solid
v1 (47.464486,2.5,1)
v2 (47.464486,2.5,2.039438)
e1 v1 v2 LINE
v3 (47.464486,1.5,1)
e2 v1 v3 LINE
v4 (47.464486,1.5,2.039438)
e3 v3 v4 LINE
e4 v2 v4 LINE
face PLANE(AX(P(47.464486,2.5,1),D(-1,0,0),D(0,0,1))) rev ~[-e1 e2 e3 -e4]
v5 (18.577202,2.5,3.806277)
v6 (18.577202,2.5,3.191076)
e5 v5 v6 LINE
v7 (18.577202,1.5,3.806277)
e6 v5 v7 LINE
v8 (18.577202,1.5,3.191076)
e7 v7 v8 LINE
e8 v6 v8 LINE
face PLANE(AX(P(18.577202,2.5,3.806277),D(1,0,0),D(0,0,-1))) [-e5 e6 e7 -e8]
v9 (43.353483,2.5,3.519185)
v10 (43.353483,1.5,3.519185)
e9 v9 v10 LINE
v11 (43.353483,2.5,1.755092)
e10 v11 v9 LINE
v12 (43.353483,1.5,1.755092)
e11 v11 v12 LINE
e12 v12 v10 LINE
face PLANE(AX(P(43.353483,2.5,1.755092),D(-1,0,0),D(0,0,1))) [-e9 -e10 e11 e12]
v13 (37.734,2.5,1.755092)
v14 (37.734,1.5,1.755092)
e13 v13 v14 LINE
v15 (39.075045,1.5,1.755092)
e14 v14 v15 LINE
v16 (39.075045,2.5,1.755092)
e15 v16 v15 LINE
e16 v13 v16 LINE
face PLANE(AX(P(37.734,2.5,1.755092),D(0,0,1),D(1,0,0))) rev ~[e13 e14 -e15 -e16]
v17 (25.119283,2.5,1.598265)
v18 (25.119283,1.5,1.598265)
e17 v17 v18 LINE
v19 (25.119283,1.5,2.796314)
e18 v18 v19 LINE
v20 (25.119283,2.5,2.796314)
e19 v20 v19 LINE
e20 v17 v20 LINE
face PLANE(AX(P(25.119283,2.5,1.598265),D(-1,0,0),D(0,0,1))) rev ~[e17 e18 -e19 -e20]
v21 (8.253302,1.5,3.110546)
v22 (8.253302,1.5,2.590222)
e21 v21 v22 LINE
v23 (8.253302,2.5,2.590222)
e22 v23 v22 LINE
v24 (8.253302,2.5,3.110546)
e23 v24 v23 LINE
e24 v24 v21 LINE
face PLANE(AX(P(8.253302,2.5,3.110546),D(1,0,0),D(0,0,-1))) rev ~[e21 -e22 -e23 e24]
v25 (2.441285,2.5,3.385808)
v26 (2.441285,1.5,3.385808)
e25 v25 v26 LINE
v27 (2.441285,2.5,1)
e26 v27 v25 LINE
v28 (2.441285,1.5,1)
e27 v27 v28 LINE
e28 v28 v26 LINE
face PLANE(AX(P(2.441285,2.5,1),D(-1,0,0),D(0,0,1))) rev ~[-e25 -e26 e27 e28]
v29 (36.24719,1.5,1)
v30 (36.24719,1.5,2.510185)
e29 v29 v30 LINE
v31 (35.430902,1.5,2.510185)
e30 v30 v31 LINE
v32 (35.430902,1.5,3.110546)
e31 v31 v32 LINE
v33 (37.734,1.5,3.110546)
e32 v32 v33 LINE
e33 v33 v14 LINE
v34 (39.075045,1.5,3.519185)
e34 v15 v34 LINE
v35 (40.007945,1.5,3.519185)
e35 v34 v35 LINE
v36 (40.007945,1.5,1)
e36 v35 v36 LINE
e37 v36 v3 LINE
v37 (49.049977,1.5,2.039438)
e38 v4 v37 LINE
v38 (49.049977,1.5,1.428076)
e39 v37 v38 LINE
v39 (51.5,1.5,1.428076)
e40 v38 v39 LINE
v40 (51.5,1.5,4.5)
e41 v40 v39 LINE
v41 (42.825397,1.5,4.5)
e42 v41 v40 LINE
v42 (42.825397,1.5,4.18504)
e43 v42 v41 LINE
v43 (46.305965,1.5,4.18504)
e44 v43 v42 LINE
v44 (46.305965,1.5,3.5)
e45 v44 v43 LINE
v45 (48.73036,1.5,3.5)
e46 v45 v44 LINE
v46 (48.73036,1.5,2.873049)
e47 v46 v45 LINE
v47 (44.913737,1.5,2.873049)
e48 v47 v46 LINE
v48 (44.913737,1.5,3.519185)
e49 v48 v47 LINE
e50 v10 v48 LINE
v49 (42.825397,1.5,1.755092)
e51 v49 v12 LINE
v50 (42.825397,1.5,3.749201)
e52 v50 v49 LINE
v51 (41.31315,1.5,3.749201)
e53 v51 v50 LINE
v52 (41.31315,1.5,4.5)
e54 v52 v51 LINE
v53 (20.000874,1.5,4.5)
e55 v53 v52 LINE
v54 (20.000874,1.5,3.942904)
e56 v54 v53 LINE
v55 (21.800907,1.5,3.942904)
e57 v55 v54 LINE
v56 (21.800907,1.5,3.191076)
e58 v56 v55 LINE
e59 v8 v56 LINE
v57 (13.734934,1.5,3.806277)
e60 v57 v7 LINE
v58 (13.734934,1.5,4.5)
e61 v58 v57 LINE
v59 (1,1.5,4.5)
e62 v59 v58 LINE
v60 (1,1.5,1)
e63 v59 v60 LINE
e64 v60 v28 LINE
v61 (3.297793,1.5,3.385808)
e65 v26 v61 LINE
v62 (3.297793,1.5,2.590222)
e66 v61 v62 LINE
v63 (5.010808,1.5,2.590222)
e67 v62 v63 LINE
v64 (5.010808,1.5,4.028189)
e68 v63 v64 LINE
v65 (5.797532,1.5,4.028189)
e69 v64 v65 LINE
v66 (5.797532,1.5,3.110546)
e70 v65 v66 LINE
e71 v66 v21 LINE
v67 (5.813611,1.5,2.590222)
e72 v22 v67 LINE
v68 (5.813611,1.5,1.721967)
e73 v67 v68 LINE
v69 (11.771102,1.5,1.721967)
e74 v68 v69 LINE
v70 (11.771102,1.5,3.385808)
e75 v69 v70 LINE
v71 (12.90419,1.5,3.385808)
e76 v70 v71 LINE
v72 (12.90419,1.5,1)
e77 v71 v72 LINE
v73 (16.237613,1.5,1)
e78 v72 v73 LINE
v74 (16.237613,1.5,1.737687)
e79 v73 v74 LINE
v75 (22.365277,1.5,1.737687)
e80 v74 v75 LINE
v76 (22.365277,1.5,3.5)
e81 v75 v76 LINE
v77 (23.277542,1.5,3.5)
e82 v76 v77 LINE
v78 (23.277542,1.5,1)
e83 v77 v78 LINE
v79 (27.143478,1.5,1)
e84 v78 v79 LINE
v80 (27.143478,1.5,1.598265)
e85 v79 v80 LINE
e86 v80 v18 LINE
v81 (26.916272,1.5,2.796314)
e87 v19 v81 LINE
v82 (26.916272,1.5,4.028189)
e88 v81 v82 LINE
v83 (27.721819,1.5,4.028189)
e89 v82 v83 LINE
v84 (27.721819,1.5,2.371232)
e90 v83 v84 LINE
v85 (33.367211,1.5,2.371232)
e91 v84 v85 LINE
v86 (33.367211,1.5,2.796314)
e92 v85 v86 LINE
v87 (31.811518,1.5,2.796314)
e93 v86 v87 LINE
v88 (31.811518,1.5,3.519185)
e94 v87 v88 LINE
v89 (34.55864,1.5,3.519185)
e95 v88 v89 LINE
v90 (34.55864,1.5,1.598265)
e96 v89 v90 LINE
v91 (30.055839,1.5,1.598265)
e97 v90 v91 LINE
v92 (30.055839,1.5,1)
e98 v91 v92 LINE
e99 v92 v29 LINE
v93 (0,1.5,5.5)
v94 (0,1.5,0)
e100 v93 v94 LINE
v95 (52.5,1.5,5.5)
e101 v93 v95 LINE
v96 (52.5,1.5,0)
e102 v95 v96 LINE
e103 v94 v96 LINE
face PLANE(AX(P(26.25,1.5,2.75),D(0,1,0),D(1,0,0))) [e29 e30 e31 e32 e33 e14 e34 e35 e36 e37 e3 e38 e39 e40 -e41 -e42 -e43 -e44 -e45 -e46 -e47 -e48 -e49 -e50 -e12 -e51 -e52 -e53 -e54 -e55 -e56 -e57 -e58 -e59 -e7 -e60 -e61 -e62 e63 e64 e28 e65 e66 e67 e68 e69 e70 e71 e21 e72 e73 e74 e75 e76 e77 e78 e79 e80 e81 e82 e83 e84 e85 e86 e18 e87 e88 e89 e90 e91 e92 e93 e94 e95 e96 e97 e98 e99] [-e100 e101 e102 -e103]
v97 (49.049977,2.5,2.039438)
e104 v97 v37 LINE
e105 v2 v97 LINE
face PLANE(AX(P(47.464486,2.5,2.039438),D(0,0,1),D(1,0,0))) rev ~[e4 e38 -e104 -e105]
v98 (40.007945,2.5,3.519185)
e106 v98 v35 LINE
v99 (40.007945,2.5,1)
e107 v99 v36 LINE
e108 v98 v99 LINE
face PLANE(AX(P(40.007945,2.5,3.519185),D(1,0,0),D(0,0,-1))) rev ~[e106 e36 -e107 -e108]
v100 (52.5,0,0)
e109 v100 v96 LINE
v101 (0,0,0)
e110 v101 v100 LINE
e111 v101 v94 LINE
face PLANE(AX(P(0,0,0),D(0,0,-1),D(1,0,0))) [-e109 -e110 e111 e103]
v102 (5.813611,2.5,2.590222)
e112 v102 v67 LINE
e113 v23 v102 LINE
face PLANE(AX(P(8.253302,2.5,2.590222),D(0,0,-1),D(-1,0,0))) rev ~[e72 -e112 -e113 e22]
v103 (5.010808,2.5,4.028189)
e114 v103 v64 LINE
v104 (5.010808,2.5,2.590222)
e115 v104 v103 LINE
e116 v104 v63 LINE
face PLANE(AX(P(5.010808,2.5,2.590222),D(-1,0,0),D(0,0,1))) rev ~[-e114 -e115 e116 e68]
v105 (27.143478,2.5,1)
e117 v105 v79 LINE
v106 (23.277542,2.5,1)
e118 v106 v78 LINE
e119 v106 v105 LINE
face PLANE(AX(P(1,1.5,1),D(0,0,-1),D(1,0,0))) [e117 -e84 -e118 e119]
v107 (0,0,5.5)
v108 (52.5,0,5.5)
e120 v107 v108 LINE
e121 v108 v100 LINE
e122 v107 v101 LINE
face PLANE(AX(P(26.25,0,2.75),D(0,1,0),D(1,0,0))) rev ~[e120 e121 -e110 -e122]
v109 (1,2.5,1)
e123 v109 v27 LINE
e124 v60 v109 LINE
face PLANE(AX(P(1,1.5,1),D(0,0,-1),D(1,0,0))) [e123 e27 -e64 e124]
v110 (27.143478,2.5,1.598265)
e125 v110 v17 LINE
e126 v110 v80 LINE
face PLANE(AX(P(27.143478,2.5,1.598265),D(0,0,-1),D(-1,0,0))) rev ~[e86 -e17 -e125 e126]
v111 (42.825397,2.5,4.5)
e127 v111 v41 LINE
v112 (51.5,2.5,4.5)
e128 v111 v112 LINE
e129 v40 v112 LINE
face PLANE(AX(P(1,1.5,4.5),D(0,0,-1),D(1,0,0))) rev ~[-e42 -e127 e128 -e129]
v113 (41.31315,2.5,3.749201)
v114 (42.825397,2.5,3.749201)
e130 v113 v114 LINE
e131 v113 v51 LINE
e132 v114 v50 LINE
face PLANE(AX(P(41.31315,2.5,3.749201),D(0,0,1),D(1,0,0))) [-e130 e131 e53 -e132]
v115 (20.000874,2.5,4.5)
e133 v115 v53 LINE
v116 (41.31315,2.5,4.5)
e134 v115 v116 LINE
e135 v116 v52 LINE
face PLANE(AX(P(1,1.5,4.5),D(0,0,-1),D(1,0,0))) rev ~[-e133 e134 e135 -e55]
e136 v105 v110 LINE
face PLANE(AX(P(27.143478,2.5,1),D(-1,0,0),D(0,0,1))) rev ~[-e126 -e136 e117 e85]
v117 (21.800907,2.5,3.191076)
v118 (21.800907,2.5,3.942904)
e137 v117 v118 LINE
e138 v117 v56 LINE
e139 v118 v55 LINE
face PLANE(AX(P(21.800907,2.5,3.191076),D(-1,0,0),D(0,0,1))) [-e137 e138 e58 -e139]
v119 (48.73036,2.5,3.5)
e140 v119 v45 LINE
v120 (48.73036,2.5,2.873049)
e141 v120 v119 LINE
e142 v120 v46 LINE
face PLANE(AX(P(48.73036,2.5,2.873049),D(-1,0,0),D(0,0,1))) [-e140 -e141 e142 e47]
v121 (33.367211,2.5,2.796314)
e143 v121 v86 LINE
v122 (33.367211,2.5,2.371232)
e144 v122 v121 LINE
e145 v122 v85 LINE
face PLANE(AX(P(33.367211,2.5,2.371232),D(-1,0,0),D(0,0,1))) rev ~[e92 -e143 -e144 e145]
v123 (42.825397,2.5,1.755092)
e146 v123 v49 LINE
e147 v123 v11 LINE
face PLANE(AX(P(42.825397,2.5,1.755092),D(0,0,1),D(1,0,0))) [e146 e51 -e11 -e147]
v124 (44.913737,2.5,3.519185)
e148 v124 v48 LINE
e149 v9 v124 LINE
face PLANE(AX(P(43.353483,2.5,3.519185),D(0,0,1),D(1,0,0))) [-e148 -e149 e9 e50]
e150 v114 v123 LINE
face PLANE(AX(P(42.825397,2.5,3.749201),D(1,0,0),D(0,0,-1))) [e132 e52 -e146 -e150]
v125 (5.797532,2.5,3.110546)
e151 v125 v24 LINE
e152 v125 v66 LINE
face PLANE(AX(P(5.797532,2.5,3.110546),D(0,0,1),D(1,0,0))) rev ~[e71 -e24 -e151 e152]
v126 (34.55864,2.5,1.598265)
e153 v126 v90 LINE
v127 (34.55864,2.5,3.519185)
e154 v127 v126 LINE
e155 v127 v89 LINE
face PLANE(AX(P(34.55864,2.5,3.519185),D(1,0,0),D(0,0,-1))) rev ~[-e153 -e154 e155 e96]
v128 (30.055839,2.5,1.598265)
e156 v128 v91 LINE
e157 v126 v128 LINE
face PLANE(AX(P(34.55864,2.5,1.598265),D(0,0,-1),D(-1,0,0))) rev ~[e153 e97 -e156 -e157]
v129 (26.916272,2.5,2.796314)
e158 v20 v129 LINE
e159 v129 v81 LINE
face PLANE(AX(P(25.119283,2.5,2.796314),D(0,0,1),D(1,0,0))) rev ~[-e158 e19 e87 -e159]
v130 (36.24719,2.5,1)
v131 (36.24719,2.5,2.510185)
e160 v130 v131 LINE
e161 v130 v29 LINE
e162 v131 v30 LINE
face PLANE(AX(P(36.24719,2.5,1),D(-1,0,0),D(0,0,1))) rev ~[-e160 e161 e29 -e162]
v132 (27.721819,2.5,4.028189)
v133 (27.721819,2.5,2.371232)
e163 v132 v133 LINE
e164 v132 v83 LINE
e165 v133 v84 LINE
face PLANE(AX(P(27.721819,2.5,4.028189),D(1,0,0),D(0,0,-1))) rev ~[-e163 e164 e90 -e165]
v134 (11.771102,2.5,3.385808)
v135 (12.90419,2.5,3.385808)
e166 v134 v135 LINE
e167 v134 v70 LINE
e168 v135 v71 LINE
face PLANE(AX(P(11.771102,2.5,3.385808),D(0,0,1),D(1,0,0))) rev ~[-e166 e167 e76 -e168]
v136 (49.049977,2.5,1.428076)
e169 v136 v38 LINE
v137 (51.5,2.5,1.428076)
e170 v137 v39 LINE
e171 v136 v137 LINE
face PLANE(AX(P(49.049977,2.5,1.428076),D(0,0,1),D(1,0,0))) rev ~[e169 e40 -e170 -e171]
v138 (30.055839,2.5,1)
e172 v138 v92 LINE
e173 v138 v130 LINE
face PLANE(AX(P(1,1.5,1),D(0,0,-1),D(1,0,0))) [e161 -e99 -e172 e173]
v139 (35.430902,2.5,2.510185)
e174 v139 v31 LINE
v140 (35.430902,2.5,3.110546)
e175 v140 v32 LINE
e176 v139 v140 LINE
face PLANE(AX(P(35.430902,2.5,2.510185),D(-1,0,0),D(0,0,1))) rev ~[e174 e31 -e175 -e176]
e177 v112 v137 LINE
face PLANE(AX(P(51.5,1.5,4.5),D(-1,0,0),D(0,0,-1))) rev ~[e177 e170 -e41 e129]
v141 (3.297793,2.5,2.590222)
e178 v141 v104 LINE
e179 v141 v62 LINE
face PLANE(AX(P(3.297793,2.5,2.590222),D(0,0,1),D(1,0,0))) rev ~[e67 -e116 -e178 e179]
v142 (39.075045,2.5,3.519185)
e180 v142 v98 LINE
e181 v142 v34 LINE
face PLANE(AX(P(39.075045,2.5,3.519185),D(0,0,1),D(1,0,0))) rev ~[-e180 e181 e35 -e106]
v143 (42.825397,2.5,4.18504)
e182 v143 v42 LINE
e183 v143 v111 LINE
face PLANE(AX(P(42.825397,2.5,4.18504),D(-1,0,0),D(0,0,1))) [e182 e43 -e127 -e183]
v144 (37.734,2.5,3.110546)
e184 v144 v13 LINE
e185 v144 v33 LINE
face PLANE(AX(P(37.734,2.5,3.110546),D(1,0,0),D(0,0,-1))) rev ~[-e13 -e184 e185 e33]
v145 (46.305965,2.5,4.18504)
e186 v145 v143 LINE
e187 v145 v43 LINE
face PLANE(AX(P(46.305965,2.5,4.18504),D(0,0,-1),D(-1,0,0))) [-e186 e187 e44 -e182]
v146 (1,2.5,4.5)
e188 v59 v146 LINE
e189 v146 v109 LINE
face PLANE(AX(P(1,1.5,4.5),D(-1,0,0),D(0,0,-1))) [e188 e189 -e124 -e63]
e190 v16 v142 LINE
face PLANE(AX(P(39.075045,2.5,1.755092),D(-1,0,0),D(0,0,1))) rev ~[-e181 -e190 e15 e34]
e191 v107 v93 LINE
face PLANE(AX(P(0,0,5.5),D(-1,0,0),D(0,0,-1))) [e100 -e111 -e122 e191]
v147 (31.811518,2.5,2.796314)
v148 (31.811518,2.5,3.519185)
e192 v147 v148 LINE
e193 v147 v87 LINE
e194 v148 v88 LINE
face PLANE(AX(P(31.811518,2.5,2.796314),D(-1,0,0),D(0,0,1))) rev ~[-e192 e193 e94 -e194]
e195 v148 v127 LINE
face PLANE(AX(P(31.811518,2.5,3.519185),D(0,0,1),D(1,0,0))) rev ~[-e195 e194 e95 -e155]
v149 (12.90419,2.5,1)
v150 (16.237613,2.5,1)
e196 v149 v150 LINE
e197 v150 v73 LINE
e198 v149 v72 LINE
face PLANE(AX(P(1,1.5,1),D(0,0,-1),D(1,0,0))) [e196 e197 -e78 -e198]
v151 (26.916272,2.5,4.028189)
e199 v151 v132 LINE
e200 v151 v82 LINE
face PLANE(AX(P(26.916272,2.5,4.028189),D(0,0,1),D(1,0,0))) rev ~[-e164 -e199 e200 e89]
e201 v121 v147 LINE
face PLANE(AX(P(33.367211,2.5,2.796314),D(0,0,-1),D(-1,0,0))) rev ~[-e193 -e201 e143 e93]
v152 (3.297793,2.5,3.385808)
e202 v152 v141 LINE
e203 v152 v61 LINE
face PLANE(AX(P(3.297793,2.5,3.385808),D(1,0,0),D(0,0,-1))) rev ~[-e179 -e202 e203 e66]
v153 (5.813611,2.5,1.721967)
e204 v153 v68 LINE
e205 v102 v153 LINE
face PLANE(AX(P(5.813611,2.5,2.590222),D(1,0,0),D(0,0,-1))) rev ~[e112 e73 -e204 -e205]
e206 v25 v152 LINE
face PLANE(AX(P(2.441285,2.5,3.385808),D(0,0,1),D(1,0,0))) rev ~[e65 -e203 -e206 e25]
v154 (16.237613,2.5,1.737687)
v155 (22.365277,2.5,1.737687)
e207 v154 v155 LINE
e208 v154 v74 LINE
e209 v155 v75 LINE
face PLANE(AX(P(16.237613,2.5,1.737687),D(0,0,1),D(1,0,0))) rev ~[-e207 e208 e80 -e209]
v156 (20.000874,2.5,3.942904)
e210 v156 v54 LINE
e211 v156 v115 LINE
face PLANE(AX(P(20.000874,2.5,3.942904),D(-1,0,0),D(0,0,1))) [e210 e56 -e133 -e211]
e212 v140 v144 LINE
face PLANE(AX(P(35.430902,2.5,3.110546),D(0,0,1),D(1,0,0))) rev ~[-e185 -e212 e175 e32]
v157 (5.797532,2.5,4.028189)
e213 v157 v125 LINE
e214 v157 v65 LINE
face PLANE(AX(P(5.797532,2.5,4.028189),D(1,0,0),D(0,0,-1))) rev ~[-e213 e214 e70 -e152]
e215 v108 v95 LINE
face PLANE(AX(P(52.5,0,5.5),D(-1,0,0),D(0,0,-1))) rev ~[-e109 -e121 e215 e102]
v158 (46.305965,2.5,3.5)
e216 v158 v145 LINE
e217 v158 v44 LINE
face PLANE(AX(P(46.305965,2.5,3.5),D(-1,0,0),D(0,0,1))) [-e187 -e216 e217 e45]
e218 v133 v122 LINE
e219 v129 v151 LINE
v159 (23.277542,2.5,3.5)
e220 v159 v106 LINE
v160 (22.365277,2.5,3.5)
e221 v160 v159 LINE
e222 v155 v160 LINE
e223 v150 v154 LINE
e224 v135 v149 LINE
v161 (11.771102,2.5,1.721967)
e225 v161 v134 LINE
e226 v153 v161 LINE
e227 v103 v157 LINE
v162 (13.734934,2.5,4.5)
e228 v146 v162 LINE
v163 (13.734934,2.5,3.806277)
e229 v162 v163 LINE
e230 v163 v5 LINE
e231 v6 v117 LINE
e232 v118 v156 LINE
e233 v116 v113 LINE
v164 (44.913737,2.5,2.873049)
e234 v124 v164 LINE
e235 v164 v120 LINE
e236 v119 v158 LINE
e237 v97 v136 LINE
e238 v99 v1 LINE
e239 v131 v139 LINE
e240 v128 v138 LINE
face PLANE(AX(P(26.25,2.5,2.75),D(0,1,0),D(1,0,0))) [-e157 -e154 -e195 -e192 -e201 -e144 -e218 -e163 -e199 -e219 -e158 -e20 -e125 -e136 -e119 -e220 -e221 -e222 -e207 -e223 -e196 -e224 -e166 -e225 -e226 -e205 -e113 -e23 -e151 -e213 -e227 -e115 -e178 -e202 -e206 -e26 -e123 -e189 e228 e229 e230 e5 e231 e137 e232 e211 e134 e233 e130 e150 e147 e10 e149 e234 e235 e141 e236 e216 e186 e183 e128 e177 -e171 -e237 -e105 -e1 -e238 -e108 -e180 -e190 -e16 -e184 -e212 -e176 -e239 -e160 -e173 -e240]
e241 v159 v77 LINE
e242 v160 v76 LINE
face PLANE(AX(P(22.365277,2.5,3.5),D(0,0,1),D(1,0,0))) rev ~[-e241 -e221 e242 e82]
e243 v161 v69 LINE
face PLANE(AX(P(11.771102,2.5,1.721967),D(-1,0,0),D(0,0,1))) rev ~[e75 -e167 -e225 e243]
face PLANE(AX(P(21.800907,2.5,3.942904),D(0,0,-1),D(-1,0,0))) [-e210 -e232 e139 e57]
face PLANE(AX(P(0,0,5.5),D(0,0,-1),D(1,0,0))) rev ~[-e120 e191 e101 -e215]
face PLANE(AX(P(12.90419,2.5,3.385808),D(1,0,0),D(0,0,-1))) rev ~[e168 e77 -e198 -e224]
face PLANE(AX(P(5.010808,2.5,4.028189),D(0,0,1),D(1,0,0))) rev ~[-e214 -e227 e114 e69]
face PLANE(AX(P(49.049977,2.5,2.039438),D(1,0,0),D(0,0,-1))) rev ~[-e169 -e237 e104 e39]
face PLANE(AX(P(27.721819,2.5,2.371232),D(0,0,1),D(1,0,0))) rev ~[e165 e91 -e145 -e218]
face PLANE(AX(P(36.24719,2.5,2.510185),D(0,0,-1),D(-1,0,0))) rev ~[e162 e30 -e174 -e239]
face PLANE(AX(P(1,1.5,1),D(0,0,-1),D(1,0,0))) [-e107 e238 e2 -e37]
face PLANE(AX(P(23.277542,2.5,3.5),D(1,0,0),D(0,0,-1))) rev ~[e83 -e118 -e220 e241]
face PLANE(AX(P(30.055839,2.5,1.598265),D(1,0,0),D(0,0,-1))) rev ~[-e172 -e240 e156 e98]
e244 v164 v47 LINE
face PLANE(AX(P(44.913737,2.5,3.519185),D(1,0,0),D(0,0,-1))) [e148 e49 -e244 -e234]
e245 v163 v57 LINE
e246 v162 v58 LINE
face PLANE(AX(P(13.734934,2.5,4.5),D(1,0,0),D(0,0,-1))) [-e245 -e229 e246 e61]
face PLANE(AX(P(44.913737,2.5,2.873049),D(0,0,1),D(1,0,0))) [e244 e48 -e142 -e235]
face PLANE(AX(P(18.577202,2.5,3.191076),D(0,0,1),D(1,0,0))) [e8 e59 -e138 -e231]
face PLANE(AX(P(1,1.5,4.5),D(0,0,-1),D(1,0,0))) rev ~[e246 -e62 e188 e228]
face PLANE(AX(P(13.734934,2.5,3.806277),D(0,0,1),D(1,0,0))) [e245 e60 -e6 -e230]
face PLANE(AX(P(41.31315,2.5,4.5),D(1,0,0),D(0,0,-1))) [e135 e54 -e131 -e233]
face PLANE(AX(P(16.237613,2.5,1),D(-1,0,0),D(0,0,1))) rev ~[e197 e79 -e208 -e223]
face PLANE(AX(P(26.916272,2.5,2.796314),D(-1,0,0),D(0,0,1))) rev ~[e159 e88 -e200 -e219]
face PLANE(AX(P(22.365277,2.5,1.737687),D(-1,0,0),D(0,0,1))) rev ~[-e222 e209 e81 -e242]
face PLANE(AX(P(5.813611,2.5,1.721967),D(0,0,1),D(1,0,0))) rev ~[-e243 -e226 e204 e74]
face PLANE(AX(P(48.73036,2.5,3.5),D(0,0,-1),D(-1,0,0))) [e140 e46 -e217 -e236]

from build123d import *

# Parameters (mm, degrees)
SKETCH_1_W          = 52.5
SKETCH_1_H          = 5.5
EXTRUDE_1_DEPTH     = 1.5
SKETCH_2_W          = 50.5
SKETCH_2_H          = 3.5
EXTRUDE_2_DEPTH     = 1
CUT_EXTRUDE_1_DEPTH = 1


with BuildPart() as part:
    # 草图1 → 凸台-拉伸1 (new body)
    with BuildSketch(Plane(origin=(0, 0, 0), x_dir=(1, 0, 0), z_dir=(0, 1, 0))):
        with Locations((26.25, -2.75)):
            Rectangle(SKETCH_1_W, SKETCH_1_H)
    extrude(amount=EXTRUDE_1_DEPTH)

    # 草图2 → 凸台-拉伸2 (add)
    with BuildSketch(Plane(origin=(0, 1.5, 0), x_dir=(1, 0, 0), z_dir=(0, 1, 0))):
        with Locations((26.25, -2.75)):
            Rectangle(SKETCH_2_W, SKETCH_2_H)
    extrude(amount=EXTRUDE_2_DEPTH)

    # 草图3 → 切除-拉伸1 (cut)
    with BuildSketch(Plane(origin=(0, 2.5, 0), x_dir=(1, 0, 0), z_dir=(0, 1, 0))):
        Polygon((2.441285036, -1), (2.441285036, -3.385807874), (3.297792845, -3.385807874), (3.297792845, -2.590222366), (5.010808462, -2.590222366), (5.010808462, -4.02818873), (5.797531803, -4.02818873), (5.797531803, -3.110546333), (8.253302308, -3.110546333), (8.253302308, -2.590222366), (5.813610605, -2.590222366), (5.813610605, -1.721967074), (11.771102235, -1.721967074), (11.771102235, -3.385807874), (12.90419018, -3.385807874), (12.90419018, -1), align=None)
        Polygon((13.734934002, -4.5), (13.734934002, -3.806276904), (18.57720237, -3.806276904), (18.57720237, -3.191075541), (21.800907432, -3.191075541), (21.800907432, -3.942903937), (20.000873813, -3.942903937), (20.000873813, -4.5), align=None)
        Polygon((16.237613485, -1), (16.237613485, -1.73768688), (22.365277211, -1.73768688), (22.365277211, -3.5), (23.277541754, -3.5), (23.277541754, -1), align=None)
        Polygon((25.11928338, -1.598265318), (25.11928338, -2.796313913), (26.916272405, -2.796313913), (26.916272405, -4.02818873), (27.721819209, -4.02818873), (27.721819209, -2.371232168), (33.367210511, -2.371232168), (33.367210511, -2.796313913), (31.81151837, -2.796313913), (31.81151837, -3.519184621), (34.558639523, -3.519184621), (34.558639523, -1.598265318), (30.055839437, -1.598265318), (30.055839437, -1), (27.143477914, -1), (27.143477914, -1.598265318), align=None)
        Polygon((36.247190267, -1), (36.247190267, -2.51018455), (35.430902313, -2.51018455), (35.430902313, -3.110546333), (37.734000469, -3.110546333), (37.734000469, -1.755092275), (39.075044965, -1.755092275), (39.075044965, -3.519184621), (40.007945484, -3.519184621), (40.007945484, -1.42807574), (40.007945484, -1), align=None)
        Polygon((41.31314972, -4.5), (41.31314972, -3.749200991), (42.825396523, -3.749200991), (42.825396523, -1.755092275), (43.353482708, -1.755092275), (43.353482708, -3.519184621), (44.913737346, -3.519184621), (44.913737346, -2.873049456), (48.730360229, -2.873049456), (48.730360229, -3.5), (46.305964561, -3.5), (46.305964561, -4.185040027), (42.825396523, -4.185040027), (42.825396523, -4.5), align=None)
        Polygon((47.464486029, -1), (47.464486029, -2.039438327), (49.049976505, -2.039438327), (49.049976505, -1.42807574), (51.5, -1.42807574), (51.5, -1), align=None)
    extrude(amount=-CUT_EXTRUDE_1_DEPTH, mode=Mode.SUBTRACT)


solid = part.part
